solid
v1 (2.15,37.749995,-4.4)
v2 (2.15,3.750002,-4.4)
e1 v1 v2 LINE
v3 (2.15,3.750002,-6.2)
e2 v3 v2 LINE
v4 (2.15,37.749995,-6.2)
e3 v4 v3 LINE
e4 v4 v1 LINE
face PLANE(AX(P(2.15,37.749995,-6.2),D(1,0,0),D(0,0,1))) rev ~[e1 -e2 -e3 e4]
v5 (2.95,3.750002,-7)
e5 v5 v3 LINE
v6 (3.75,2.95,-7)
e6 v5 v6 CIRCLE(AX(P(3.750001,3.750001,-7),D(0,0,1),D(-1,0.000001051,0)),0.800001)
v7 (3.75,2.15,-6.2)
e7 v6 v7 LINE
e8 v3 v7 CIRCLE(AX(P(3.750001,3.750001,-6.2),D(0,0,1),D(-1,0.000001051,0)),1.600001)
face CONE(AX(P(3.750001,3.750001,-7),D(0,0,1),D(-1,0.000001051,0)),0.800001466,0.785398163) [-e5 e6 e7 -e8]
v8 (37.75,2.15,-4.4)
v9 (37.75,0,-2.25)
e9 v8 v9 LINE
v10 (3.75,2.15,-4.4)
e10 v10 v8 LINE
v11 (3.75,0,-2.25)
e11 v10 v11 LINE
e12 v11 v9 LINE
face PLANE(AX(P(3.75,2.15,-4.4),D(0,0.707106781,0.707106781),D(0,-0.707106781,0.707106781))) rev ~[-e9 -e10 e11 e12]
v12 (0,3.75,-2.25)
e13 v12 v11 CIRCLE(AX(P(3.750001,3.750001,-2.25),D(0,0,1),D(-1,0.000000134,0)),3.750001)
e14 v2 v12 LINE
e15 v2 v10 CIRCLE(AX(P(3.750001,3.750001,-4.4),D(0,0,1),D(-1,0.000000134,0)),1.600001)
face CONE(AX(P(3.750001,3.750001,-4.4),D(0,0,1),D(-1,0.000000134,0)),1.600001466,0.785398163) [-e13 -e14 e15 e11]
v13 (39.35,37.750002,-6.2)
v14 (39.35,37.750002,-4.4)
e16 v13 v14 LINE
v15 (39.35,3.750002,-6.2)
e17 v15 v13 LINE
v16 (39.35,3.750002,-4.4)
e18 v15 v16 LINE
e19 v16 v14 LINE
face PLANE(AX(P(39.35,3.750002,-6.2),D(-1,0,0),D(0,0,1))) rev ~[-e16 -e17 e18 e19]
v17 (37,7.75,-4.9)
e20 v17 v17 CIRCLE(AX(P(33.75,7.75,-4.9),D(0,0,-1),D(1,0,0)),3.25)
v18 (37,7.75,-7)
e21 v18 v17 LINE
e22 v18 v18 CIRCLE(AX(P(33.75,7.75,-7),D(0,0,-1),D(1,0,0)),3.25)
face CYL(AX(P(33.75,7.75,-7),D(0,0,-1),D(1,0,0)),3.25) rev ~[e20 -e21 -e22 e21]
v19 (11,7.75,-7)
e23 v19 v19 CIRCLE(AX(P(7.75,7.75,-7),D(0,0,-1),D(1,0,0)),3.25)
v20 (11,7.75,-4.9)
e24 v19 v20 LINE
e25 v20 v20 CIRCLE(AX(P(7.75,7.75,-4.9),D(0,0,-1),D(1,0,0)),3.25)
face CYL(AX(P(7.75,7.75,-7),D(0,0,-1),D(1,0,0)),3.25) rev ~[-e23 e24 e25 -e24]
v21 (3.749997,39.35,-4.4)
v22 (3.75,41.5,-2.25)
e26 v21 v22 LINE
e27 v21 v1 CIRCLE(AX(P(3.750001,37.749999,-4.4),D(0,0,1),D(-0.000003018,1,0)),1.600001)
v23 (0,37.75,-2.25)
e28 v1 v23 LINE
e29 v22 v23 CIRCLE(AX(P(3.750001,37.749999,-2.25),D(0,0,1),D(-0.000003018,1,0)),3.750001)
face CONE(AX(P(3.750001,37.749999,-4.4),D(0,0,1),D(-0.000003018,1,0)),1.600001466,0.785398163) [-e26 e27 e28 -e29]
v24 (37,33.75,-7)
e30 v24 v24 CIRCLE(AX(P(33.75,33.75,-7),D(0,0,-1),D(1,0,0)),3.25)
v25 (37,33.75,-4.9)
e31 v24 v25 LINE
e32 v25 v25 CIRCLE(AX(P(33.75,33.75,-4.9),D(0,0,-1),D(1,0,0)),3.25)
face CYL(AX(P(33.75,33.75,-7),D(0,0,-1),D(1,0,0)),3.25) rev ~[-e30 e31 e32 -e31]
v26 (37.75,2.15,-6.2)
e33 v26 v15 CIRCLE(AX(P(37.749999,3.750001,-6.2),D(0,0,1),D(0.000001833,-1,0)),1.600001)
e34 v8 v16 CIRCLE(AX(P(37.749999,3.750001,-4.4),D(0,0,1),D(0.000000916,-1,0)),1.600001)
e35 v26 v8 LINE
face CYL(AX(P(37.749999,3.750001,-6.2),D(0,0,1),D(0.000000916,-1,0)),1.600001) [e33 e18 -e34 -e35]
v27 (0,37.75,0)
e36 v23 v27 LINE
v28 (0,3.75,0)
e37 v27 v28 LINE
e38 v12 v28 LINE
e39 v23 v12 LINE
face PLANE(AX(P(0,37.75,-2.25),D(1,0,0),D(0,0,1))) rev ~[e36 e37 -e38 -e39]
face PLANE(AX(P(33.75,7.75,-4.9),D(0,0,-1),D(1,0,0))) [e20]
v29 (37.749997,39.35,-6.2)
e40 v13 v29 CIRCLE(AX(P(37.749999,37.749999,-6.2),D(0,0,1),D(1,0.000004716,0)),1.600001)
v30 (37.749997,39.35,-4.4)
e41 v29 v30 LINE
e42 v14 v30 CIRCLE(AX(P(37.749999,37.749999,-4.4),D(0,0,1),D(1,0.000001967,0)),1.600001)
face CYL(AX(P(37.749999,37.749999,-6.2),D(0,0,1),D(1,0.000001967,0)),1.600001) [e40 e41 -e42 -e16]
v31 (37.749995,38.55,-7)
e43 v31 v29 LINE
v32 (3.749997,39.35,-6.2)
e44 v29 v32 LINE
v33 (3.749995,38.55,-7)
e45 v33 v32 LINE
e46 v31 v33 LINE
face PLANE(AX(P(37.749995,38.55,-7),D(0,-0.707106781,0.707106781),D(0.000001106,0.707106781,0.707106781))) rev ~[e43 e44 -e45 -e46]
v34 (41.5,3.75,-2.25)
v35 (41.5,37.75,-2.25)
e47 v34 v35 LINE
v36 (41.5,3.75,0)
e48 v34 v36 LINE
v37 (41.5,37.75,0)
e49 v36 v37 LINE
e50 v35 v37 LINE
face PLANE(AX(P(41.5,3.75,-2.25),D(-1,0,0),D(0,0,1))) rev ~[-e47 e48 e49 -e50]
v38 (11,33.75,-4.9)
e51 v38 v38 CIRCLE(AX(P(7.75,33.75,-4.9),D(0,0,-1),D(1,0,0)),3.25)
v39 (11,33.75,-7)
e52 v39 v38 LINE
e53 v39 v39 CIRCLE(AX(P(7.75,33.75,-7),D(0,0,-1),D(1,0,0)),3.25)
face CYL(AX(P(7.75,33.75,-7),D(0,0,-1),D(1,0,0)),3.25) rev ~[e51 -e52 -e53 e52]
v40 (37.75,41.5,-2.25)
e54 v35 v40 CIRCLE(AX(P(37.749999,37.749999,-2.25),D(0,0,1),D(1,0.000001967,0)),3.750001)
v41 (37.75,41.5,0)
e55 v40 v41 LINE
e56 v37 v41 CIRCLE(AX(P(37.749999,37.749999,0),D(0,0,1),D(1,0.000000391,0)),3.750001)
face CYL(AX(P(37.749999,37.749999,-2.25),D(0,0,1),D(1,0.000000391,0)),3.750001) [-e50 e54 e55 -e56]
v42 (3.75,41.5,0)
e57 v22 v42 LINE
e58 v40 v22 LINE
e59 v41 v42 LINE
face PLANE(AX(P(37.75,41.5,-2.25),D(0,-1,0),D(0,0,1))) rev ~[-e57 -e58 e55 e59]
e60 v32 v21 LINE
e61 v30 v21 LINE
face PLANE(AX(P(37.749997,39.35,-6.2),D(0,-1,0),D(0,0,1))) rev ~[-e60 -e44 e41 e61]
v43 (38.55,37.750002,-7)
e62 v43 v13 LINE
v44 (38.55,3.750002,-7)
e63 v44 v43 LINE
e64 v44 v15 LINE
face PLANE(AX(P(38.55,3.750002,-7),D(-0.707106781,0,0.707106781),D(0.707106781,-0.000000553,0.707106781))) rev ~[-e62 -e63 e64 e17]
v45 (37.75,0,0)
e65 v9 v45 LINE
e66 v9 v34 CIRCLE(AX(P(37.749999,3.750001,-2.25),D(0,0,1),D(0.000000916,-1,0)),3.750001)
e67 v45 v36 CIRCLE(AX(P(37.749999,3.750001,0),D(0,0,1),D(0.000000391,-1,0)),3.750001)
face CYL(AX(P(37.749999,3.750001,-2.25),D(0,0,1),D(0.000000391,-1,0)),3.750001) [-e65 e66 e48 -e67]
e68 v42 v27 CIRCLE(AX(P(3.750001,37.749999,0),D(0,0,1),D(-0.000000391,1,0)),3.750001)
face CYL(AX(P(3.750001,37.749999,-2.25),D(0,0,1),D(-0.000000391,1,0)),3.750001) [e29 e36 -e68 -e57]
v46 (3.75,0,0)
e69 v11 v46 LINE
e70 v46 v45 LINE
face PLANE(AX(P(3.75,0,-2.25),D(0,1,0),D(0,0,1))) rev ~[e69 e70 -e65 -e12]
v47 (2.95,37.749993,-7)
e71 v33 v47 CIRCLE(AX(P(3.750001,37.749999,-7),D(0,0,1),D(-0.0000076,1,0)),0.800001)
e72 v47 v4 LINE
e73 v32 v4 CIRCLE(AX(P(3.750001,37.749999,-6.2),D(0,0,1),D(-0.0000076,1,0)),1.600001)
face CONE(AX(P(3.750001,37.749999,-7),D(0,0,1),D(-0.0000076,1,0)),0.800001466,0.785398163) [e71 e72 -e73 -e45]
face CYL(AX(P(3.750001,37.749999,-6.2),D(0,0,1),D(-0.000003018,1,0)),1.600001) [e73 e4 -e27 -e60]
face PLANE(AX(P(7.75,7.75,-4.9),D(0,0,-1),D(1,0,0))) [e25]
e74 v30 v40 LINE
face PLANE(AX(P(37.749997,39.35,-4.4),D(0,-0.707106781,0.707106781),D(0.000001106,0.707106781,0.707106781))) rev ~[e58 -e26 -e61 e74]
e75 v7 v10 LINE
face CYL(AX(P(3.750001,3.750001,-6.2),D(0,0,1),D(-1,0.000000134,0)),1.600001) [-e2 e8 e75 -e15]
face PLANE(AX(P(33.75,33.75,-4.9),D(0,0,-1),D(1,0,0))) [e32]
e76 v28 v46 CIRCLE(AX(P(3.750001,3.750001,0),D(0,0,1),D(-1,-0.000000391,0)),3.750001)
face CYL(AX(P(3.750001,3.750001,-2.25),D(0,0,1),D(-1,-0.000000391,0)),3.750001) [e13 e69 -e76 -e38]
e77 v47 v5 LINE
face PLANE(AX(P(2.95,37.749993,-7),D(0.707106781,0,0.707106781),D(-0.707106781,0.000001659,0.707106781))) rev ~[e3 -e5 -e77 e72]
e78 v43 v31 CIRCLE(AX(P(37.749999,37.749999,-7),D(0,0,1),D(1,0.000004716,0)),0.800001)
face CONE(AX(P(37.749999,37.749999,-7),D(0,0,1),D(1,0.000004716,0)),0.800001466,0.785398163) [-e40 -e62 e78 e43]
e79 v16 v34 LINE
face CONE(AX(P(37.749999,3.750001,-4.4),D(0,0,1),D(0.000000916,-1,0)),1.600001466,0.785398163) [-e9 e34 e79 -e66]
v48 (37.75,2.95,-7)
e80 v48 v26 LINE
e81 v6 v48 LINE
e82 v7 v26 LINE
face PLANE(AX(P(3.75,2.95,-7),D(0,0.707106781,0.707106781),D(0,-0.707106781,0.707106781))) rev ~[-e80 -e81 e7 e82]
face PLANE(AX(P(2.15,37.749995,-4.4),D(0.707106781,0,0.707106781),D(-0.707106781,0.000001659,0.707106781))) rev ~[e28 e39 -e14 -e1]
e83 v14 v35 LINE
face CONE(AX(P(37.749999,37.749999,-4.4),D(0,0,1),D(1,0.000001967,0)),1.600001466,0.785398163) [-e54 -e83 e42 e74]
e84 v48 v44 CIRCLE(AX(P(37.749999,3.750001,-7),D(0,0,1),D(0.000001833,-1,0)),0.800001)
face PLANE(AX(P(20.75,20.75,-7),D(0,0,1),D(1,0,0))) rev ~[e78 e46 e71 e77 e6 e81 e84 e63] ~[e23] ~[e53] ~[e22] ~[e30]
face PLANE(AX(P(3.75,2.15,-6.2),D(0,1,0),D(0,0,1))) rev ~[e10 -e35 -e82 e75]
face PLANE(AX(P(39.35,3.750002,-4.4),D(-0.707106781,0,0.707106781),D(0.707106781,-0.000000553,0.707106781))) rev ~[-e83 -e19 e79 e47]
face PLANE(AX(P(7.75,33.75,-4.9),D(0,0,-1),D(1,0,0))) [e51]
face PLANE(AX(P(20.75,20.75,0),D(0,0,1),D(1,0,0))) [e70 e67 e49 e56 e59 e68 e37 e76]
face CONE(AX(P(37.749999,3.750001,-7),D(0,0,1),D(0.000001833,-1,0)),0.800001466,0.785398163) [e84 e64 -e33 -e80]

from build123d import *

# Parameters (mm, degrees)
PAD_DEPTH    = 7
SKETCH002_R  = 3.25
POCKET_DEPTH = 2.1


with BuildPart() as part:
    # AdditivePipe: sweep along a path in Sketch001
    with BuildLine(Plane.XY) as additivepipe_path:
        ThreePointArc((0, 3.75), (1.09835, 1.09835), (3.75, 0))
        Line((3.75, 0), (37.75, 0))
        ThreePointArc((37.75, 0), (40.40165, 1.09835), (41.5, 3.75))
        Line((41.5, 3.75), (41.5, 37.75))
        ThreePointArc((41.5, 37.75), (40.40165, 40.40165), (37.75, 41.5))
        Line((37.75, 41.5), (3.75, 41.5))
        ThreePointArc((3.75, 41.5), (1.09835, 40.40165), (0, 37.75))
        Line((0, 37.75), (0, 3.75))
    # Sketch (on Edge2 of Sketch001) → AdditivePipe (sweep)
    with BuildSketch(Plane(origin=(37.75, 0, 0), x_dir=(0, -1, 0), z_dir=(-1, 0, 0))):
        Polygon((-2.95, -7), (-2.15, -6.2), (-2.15, -4.4), (0, -2.25), (0, 0), (-2.95, 0), align=None)
    sweep(path=additivepipe_path.line)

    # Sketch003 (on AdditivePipe) → Pad (new body)
    with BuildSketch(Plane.XY):
        with BuildLine():
            ThreePointArc((3.75, 38.55), (3.184315, 38.315685), (2.95, 37.75))
            Line((2.95, 3.75), (2.95, 37.75))
            ThreePointArc((2.95, 3.75), (3.184315, 3.184315), (3.75, 2.95))
            Line((37.75, 2.95), (3.75, 2.95))
            ThreePointArc((37.75, 2.95), (38.315685, 3.184315), (38.55, 3.75))
            Line((38.55, 37.75), (38.55, 3.75))
            ThreePointArc((38.55, 37.75), (38.315685, 38.315685), (37.75, 38.55))
            Line((3.75, 38.55), (37.75, 38.55))
        make_face()
    extrude(amount=-PAD_DEPTH)

    # Sketch002 (on Face2 of Pad) → Pocket (cut)
    with BuildSketch(Plane(origin=(0, 41.5, -7), x_dir=(1, 0, 0), z_dir=(0, 0, -1))):
        with Locations((7.75, 7.75)):
            Circle(SKETCH002_R)
        with Locations((33.75, 7.75)):
            Circle(SKETCH002_R)
        with Locations((33.75, 33.75)):
            Circle(SKETCH002_R)
        with Locations((7.75, 33.75)):
            Circle(SKETCH002_R)
    extrude(amount=-POCKET_DEPTH, mode=Mode.SUBTRACT)


solid = part.part
